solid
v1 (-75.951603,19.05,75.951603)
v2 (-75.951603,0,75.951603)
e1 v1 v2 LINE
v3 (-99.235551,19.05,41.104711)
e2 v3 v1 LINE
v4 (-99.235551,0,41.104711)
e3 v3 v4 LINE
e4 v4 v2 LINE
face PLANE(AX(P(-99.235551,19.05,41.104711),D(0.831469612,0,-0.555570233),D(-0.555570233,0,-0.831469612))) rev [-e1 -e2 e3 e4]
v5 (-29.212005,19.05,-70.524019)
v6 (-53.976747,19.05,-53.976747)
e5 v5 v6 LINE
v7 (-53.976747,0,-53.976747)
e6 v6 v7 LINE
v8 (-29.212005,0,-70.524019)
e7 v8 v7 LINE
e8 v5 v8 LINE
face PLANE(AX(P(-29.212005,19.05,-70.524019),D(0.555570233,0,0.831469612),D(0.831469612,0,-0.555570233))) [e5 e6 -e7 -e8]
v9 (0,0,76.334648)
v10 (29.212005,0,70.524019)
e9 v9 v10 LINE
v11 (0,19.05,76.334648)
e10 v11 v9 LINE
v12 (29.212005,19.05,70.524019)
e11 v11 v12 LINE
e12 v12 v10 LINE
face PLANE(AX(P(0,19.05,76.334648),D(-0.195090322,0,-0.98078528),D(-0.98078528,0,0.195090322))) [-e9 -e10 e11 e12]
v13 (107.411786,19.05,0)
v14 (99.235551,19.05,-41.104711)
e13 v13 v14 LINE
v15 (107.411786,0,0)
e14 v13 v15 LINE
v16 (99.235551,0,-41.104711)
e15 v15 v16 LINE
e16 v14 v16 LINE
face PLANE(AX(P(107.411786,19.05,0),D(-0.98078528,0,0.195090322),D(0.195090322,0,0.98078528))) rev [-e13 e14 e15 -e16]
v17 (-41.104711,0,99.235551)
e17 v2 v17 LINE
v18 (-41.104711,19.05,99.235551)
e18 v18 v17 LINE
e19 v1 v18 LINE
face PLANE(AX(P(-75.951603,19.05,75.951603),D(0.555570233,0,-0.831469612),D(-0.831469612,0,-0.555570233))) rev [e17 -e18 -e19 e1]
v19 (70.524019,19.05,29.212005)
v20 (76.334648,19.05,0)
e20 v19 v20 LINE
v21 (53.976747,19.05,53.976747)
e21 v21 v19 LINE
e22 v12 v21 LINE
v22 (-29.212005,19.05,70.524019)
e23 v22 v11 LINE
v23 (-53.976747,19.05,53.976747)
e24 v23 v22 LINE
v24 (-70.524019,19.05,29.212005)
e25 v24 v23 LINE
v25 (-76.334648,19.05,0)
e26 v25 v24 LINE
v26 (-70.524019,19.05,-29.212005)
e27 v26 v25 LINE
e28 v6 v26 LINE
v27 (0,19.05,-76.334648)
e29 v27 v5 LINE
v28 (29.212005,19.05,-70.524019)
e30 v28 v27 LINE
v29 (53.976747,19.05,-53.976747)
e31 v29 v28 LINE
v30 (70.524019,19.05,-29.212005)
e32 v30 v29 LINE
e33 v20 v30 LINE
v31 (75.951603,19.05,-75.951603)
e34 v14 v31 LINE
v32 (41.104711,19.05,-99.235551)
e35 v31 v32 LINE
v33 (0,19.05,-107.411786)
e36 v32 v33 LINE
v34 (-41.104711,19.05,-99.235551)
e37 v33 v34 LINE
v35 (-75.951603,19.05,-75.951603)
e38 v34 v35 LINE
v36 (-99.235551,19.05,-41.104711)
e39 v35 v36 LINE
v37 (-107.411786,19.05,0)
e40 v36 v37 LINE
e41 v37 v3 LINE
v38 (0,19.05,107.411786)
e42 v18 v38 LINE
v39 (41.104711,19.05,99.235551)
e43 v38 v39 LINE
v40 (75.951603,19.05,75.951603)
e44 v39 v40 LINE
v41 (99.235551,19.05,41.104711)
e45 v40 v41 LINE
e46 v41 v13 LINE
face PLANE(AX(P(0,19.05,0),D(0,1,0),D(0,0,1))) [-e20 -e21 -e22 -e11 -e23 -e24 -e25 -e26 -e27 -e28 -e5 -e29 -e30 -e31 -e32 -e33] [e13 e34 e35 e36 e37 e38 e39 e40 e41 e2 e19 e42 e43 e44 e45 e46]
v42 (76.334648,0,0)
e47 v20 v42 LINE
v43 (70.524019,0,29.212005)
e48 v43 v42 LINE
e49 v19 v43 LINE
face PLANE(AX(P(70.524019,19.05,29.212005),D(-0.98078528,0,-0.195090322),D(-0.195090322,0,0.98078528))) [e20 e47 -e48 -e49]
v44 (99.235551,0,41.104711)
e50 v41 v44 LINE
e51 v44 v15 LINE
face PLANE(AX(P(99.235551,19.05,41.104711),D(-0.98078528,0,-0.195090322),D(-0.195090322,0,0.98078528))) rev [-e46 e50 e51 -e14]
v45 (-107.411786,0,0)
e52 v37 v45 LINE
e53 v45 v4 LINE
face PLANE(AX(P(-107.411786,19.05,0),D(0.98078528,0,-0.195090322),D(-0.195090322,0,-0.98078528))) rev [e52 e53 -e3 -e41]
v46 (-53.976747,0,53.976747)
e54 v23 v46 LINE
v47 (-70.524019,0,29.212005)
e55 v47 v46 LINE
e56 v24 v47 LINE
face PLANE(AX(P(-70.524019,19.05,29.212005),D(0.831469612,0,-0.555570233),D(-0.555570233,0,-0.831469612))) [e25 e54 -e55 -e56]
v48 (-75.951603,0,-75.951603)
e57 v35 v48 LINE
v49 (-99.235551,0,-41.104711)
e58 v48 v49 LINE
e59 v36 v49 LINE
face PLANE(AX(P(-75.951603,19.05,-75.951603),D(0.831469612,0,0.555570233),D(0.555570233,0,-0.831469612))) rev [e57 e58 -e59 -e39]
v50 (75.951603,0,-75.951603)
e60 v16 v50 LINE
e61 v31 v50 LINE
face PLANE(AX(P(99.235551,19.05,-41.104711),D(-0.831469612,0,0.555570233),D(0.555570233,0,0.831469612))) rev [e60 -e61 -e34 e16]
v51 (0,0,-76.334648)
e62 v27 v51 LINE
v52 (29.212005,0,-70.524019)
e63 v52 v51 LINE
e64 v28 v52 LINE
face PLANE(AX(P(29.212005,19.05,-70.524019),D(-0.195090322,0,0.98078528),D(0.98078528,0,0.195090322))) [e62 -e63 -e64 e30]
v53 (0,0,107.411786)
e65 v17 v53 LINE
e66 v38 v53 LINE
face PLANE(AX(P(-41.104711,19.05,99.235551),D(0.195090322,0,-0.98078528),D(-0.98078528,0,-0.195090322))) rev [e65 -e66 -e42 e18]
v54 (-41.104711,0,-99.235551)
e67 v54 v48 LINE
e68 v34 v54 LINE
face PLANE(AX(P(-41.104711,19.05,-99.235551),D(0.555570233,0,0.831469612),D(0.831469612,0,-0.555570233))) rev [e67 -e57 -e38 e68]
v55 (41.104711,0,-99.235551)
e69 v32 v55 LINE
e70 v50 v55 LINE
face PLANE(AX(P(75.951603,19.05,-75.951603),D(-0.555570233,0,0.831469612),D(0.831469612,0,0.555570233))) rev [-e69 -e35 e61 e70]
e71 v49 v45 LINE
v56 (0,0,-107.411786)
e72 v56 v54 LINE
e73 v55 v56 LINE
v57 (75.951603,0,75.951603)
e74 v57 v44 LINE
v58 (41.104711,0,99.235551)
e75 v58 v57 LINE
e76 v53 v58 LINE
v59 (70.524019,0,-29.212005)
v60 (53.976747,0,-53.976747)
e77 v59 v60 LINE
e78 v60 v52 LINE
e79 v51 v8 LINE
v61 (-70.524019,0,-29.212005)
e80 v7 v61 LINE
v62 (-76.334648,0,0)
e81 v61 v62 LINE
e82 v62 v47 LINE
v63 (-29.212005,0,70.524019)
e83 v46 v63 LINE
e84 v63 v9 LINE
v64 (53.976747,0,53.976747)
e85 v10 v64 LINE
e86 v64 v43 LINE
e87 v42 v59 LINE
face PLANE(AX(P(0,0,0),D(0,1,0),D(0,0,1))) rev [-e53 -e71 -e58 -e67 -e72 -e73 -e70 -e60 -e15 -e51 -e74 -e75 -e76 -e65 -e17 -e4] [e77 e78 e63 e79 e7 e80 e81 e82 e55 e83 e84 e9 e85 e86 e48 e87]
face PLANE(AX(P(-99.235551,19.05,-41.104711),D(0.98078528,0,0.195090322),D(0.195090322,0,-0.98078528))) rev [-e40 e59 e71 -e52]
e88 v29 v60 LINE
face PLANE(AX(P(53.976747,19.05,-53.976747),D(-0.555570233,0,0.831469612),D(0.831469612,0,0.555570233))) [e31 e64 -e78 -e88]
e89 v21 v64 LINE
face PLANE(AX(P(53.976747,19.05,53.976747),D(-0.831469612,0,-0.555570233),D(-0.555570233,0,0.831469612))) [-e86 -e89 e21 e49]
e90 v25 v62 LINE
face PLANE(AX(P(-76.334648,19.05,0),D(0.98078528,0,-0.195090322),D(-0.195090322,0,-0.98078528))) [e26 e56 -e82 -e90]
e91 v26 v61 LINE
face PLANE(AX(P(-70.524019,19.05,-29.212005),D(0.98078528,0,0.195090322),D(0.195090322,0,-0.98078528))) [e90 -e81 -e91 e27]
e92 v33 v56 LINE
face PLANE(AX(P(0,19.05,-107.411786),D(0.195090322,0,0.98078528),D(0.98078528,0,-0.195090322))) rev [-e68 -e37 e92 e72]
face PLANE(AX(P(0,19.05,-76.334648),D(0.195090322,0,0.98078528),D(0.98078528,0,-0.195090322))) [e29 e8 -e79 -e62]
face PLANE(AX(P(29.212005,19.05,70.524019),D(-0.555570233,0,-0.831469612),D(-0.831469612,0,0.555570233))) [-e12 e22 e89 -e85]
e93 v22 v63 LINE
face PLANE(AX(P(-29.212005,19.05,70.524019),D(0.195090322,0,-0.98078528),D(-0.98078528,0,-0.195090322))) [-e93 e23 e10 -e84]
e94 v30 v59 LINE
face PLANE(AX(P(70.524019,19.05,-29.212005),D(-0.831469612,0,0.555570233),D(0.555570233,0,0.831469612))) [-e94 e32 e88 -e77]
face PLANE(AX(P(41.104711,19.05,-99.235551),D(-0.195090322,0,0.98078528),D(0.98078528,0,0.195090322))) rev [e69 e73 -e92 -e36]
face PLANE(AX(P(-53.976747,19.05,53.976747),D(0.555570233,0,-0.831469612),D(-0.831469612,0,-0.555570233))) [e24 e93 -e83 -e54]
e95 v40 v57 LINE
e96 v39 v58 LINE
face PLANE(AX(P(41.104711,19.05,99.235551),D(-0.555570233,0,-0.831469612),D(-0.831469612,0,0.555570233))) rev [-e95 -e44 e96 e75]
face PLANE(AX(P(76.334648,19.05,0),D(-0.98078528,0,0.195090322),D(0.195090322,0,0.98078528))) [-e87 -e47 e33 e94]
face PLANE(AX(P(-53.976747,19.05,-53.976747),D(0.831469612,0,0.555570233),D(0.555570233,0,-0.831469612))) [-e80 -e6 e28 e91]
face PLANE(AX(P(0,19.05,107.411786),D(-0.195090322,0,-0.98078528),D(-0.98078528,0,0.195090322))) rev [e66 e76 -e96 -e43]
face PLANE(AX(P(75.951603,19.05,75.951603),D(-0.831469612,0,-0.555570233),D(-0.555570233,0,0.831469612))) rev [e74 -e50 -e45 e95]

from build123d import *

# Parameters (mm, degrees)
BOSS_EXTRUDE1_DEPTH = 19.05


with BuildPart() as part:
    # Sketch1 → Boss-Extrude1 (new body)
    with BuildSketch(Plane(origin=(0, 0, 0), x_dir=(1, 0, 0), z_dir=(0, 1, 0))):
        Polygon((107.411786415, 0), (99.235551019, 41.104711102), (75.951602553, 75.951602553), (41.104711102, 99.235551019), (0, 107.411786415), (-41.104711102, 99.235551019), (-75.951602553, 75.951602553), (-99.235551019, 41.104711102), (-107.411786415, 0), (-99.235551019, -41.104711102), (-75.951602553, -75.951602553), (-41.104711102, -99.235551019), (0, -107.411786415), (41.104711102, -99.235551019), (75.951602553, -75.951602553), (99.235551019, -41.104711102), align=None)
        Polygon((76.334647913, 0), (70.524018828, 29.212005072), (53.976747179, 53.976747179), (29.212005072, 70.524018828), (0, 76.334647913), (-29.212005072, 70.524018828), (-53.976747179, 53.976747179), (-70.524018828, 29.212005072), (-76.334647913, 0), (-70.524018828, -29.212005072), (-53.976747179, -53.976747179), (-29.212005072, -70.524018828), (0, -76.334647913), (29.212005072, -70.524018828), (53.976747179, -53.976747179), (70.524018828, -29.212005072), align=None, mode=Mode.SUBTRACT)
    extrude(amount=BOSS_EXTRUDE1_DEPTH)


solid = part.part
